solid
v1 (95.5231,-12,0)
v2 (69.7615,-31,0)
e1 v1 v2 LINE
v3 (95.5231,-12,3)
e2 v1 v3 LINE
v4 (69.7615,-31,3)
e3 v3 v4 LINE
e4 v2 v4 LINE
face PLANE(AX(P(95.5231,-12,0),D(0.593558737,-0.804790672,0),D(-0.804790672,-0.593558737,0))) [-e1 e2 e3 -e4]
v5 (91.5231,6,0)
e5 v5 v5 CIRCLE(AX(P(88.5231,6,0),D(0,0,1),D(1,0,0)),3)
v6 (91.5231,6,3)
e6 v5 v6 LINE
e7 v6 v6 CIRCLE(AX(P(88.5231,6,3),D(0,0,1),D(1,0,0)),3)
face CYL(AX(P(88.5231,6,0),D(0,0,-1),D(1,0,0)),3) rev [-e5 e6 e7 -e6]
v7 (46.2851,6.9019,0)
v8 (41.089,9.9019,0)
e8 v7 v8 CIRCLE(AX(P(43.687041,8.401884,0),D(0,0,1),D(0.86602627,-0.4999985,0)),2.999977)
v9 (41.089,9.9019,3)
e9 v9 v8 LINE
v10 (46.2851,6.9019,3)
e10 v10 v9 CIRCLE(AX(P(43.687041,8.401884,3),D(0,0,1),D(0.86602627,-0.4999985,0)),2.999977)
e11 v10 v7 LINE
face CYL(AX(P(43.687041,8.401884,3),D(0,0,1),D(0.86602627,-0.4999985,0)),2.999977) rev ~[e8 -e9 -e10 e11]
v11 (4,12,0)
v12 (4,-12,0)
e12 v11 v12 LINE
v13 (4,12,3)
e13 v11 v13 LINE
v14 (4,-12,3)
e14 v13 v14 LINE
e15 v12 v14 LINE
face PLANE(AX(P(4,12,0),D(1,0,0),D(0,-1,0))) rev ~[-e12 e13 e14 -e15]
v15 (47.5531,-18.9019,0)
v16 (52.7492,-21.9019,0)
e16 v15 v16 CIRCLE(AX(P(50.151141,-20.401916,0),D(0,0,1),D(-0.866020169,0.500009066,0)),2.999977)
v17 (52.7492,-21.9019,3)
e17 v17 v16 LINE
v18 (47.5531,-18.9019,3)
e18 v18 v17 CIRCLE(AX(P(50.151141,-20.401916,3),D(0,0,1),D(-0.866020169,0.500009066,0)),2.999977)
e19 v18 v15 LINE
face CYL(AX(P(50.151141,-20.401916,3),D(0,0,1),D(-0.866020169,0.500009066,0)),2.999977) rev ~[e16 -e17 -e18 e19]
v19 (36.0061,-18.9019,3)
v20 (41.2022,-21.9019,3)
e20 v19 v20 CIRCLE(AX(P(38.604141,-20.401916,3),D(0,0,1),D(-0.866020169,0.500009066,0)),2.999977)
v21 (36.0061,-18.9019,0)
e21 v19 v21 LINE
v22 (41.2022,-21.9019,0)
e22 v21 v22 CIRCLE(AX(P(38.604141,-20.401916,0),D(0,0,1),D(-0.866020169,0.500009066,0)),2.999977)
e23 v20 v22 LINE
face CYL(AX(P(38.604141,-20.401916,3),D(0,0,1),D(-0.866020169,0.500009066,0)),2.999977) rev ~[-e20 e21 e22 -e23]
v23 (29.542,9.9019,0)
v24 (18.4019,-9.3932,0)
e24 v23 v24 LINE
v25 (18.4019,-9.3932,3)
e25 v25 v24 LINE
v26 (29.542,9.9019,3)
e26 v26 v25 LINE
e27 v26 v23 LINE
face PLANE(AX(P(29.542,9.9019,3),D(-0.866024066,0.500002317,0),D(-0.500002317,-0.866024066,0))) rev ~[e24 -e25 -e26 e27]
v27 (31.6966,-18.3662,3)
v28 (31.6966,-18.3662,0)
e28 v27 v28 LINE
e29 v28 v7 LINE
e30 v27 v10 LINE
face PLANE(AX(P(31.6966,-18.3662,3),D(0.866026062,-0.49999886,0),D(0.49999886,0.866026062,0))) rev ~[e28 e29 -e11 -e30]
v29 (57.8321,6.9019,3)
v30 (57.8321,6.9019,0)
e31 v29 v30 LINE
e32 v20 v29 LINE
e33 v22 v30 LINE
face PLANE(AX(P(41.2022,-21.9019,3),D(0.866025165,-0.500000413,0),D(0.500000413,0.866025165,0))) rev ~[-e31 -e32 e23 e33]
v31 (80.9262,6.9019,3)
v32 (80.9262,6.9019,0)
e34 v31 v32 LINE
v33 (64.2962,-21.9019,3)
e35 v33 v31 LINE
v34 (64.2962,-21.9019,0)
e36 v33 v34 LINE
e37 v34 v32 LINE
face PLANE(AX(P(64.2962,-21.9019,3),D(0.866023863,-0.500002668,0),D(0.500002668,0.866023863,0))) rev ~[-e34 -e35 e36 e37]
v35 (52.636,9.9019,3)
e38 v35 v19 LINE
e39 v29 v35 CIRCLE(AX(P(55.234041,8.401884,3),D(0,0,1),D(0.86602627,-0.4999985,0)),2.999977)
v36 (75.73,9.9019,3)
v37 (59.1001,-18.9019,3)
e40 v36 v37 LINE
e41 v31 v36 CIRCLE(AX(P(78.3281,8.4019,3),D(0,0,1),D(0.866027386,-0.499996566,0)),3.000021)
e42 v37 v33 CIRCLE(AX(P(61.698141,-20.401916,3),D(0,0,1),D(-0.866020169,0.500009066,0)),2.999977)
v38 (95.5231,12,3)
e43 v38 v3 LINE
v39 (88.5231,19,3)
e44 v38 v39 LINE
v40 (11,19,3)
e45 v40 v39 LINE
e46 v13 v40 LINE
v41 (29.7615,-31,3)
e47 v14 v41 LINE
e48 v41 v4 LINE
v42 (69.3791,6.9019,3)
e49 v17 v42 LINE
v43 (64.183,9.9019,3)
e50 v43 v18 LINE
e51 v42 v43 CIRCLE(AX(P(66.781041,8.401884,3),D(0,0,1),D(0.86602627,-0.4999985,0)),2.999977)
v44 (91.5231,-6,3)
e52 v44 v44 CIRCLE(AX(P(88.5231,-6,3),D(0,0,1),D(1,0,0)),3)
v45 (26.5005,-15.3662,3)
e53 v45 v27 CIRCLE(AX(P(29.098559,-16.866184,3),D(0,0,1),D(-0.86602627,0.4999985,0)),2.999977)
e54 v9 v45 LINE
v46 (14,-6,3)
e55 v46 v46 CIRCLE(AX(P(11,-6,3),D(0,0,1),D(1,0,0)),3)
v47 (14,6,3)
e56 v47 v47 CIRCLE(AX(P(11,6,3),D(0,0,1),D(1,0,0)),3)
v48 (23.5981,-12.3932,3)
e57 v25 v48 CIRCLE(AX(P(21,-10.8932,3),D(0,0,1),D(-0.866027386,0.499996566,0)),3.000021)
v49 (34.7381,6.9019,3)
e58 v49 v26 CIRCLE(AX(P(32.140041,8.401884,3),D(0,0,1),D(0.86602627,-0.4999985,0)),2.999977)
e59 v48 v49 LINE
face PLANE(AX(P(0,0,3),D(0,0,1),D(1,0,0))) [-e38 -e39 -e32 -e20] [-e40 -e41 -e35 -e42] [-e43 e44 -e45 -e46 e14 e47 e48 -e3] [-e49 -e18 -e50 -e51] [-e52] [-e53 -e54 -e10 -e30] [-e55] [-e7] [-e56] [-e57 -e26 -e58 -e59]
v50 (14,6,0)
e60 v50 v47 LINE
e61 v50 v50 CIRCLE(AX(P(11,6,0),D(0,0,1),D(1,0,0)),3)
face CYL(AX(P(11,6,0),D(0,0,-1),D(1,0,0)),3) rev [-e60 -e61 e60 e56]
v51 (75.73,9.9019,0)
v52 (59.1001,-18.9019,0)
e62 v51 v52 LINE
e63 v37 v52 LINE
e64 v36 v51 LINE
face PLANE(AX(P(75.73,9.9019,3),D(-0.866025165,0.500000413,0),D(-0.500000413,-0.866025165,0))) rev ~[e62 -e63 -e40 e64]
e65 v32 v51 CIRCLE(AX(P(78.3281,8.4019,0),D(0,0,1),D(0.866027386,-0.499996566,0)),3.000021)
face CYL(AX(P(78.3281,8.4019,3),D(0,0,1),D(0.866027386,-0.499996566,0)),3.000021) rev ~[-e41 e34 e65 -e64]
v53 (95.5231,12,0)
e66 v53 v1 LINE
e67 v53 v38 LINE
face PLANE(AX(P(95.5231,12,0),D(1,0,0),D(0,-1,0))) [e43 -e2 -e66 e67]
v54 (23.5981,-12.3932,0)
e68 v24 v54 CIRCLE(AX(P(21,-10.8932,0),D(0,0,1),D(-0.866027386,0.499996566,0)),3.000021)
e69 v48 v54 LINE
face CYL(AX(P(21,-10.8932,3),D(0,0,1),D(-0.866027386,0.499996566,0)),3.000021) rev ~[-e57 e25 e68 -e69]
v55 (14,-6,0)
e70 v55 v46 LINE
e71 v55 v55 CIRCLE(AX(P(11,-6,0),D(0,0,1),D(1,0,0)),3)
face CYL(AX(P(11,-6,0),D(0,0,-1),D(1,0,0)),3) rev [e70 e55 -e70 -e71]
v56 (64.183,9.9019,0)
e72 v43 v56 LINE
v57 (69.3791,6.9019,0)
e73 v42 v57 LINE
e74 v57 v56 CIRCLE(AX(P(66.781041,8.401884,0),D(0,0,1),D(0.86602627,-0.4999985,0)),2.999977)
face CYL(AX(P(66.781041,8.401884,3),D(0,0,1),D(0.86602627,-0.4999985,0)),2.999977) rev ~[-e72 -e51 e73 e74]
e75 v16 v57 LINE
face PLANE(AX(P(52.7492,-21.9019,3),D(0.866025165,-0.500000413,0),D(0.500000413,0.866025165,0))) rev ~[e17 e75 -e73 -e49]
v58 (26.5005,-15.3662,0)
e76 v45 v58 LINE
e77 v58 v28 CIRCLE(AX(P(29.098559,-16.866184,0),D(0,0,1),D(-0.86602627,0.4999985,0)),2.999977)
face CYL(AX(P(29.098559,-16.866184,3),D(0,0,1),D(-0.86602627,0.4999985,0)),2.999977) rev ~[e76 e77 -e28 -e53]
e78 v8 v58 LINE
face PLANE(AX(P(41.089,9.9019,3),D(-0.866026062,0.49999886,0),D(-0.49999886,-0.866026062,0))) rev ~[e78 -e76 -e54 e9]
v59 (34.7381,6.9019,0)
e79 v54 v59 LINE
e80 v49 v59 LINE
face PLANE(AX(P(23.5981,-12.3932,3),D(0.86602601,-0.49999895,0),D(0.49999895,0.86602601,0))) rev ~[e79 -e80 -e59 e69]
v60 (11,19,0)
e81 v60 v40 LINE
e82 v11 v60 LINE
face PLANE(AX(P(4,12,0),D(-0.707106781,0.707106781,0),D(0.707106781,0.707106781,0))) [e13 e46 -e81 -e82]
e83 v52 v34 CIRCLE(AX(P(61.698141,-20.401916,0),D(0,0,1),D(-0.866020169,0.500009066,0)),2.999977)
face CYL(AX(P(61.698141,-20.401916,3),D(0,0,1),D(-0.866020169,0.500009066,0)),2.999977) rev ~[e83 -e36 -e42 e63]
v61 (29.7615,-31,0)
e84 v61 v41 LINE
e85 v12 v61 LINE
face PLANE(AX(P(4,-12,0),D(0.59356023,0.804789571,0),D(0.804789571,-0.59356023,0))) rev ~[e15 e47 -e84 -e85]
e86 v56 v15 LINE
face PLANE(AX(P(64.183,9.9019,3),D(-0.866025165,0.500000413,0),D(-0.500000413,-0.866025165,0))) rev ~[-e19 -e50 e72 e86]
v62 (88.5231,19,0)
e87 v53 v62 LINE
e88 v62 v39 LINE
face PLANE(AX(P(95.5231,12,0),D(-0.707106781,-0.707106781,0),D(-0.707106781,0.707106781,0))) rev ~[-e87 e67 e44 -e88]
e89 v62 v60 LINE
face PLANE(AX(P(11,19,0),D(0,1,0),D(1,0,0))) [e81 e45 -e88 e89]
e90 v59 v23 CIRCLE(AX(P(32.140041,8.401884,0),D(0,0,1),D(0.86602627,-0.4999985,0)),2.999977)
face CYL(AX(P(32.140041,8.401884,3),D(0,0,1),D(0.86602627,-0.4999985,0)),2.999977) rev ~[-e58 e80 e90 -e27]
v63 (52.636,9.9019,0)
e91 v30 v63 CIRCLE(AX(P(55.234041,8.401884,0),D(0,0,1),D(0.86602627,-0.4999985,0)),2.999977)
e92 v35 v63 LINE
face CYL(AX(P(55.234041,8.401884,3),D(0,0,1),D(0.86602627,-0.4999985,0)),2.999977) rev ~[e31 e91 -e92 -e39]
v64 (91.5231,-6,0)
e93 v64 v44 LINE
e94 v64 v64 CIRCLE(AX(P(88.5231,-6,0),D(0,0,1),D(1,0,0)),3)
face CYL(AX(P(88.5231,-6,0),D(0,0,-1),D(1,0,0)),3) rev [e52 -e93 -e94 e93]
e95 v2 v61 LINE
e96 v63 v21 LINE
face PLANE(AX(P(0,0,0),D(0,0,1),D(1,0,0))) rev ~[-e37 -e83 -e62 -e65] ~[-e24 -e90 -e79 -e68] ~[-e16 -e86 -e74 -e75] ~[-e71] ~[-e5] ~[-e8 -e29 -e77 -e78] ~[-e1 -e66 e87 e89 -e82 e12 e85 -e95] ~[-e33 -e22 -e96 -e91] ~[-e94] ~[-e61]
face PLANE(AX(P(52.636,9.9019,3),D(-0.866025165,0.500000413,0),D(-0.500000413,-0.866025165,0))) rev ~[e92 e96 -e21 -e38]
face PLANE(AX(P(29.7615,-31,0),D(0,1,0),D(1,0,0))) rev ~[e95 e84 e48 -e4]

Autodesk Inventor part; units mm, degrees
ref_plane "YZ Plane" through (0, 0, 0) normal (1, 0, 0) x (0, 1, 0)
ref_plane "XZ Plane" through (0, 0, 0) normal (0, 1, 0) x (-1, 0, 0)
ref_plane "XY Plane" through (0, 0, 0) normal (0, 0, 1) x (1, 0, 0)
sketch "Sketch1" plane through (0, 0, 0) normal (0, 0, 1) x (1, 0, 0)
  circle A0 centre (11, 6) radius 2.7 construction
  circle A1 centre (11, -6) radius 2.7 construction
  line L0 (49.7615, -342.4426) -> (49.7615, 314.6303) construction
  line L1 (11, 12) -> (-4.4335, 12) construction
  line L2 (-17, -12) -> (11, -12) construction
  line L3 (4, 12) -> (4, -12)
  line L4 (4, 12) -> (11, 19)
  line L5 (11, 19) -> (49.7615, 19)
  line L6 (19.0192, 2.5843) -> (28.2364, 13.6384) construction
  circle A2 centre (11, 6) radius 3
  circle A3 centre (11, -6) radius 3
  circle A4 centre (88.5231, 6) radius 3
  circle A5 centre (88.5231, -6) radius 3
  line L7 (4, -12) -> (29.7615, -31)
  line L8 (29.7615, -31) -> (49.7615, -31)
  line L9 (95.5231, 12) -> (95.5231, -12)
  line L10 (95.5231, 12) -> (88.5231, 19)
  line L11 (88.5231, 19) -> (49.7615, 19)
  line L12 (95.5231, -12) -> (69.7615, -31)
  line L13 (69.7615, -31) -> (49.7615, -31)
  point P0 (0, 0)
  dimension "d0" = 7
  dimension "d6" = 6
  dimension "d7" = 6
  dimension "d14" = 7
  dimension "d15" = 50
  dimension "d16" = 20
  dimension "d38" = 135
extrude "Plate1" add sketch "Sketch1" along normal blind 3
sketch "Sketch5" plane through (0, 0, 3) normal (0, 0, 1) x (1, 0, 0)
  circle A0 centre (88.5231, -6) radius 3 construction
  line L0 (4, -12) -> (4, 12) construction
  line L1 (29.7615, -31) -> (4, -12) construction
  line L2 (69.7615, -31) -> (29.7615, -31) construction
  line L3 (95.5231, -12) -> (69.7615, -31) construction
  line L4 (95.5231, 12) -> (95.5231, -12) construction
  line L5 (88.5231, 19) -> (95.5231, 12) construction
  line L6 (11, 19) -> (88.5231, 19) construction
  line L7 (4, 12) -> (11, 19) construction
  line L8 (85.2094, 11) -> (87.5231, 8.6863) construction
  line L9 (87.5231, 8.6863) -> (87.5231, -7.9598) construction
  line L10 (87.5231, -7.9598) -> (67.1305, -23) construction
  line L11 (67.1305, -23) -> (32.3926, -23) construction
  line L12 (32.3926, -23) -> (12, -7.9598) construction
  line L13 (12, -7.9598) -> (12, 8.6863) construction
  line L14 (12, 8.6863) -> (14.3137, 11) construction
  line L15 (14.3137, 11) -> (85.2094, 11) construction
  line L16 (18, 11) -> (18, -12.385) construction
  line L17 (49.7615, 11) -> (49.7615, -23) construction
  line L18 (81.5231, 11) -> (81.5231, -12.385) construction
  line L19 (33.6401, 11) -> (19.5, -13.4913) construction
  line L20 (29.542, 9.9019) -> (18.4019, -9.3932)
  line L21 (23.5981, -12.3932) -> (34.7381, 6.9019)
  arc A1 (34.7381, 6.9019) -> (29.542, 9.9019) centre (32.1401, 8.4019) ccw
  arc A2 (18.4019, -9.3932) -> (23.5981, -12.3932) centre (21, -10.8932) ccw
  line L22 (45.1871, 11) -> (27.5985, -19.4642) construction
  line L23 (41.089, 9.9019) -> (26.5005, -15.3662)
  line L24 (31.6966, -18.3662) -> (46.2851, 6.9019)
  arc A3 (46.2851, 6.9019) -> (41.089, 9.9019) centre (43.6871, 8.4019) ccw
  arc A4 (26.5005, -15.3662) -> (31.6966, -18.3662) centre (29.0985, -16.8662) ccw
  line L25 (56.7341, 11) -> (37.1042, -23) construction
  line L26 (52.636, 9.9019) -> (36.0061, -18.9019)
  line L27 (41.2022, -21.9019) -> (57.8321, 6.9019)
  arc A5 (57.8321, 6.9019) -> (52.636, 9.9019) centre (55.2341, 8.4019) ccw
  arc A6 (36.0061, -18.9019) -> (41.2022, -21.9019) centre (38.6042, -20.4019) ccw
  line L28 (68.2811, 11) -> (48.6512, -23) construction
  line L29 (64.183, 9.9019) -> (47.5531, -18.9019)
  line L30 (52.7492, -21.9019) -> (69.3791, 6.9019)
  arc A7 (69.3791, 6.9019) -> (64.183, 9.9019) centre (66.7811, 8.4019) ccw
  arc A8 (47.5531, -18.9019) -> (52.7492, -21.9019) centre (50.1512, -20.4019) ccw
  line L31 (79.8281, 11) -> (60.1982, -23) construction
  line L32 (75.73, 9.9019) -> (59.1001, -18.9019)
  line L33 (64.2962, -21.9019) -> (80.9262, 6.9019)
  arc A9 (80.9262, 6.9019) -> (75.73, 9.9019) centre (78.3281, 8.4019) ccw
  arc A10 (59.1001, -18.9019) -> (64.2962, -21.9019) centre (61.6982, -20.4019) ccw
  point P0 (26.57, -1.2456)
  point P1 (36.3928, -4.2321)
  point P2 (46.9191, -6)
  point P3 (58.4661, -6)
  point P4 (70.0131, -6)
  dimension "d61" = 8
  dimension "d62" = 14
  dimension "d63" = 3
  dimension "d64" = 60
  dimension "d65" = 4
  dimension "d66" = 4
  dimension "d67" = 4
  dimension "d68" = 4
extrude "Cut2" cut sketch "Sketch5" against normal blind 3
equation "\"d9\" = Thickness"
equation "\"BendRadius\" = Thickness"
equation "\"BendReliefWidth\" = Thickness"
equation "\"BendReliefDepth\" = 0.5 * Thickness"
equation "\"CornerReliefSize\" = 4 * Thickness"
equation "\"MinimumRemnant\" = 2 * Thickness"
equation "\"TransitionRadius\" = BendRadius"
equation "\"JacobiRadiusSize\" = BendRadius"
equation "\"GapSize\" = Thickness"
equation "\"Thickness\" = 3"
properties part number "NoseMount"
